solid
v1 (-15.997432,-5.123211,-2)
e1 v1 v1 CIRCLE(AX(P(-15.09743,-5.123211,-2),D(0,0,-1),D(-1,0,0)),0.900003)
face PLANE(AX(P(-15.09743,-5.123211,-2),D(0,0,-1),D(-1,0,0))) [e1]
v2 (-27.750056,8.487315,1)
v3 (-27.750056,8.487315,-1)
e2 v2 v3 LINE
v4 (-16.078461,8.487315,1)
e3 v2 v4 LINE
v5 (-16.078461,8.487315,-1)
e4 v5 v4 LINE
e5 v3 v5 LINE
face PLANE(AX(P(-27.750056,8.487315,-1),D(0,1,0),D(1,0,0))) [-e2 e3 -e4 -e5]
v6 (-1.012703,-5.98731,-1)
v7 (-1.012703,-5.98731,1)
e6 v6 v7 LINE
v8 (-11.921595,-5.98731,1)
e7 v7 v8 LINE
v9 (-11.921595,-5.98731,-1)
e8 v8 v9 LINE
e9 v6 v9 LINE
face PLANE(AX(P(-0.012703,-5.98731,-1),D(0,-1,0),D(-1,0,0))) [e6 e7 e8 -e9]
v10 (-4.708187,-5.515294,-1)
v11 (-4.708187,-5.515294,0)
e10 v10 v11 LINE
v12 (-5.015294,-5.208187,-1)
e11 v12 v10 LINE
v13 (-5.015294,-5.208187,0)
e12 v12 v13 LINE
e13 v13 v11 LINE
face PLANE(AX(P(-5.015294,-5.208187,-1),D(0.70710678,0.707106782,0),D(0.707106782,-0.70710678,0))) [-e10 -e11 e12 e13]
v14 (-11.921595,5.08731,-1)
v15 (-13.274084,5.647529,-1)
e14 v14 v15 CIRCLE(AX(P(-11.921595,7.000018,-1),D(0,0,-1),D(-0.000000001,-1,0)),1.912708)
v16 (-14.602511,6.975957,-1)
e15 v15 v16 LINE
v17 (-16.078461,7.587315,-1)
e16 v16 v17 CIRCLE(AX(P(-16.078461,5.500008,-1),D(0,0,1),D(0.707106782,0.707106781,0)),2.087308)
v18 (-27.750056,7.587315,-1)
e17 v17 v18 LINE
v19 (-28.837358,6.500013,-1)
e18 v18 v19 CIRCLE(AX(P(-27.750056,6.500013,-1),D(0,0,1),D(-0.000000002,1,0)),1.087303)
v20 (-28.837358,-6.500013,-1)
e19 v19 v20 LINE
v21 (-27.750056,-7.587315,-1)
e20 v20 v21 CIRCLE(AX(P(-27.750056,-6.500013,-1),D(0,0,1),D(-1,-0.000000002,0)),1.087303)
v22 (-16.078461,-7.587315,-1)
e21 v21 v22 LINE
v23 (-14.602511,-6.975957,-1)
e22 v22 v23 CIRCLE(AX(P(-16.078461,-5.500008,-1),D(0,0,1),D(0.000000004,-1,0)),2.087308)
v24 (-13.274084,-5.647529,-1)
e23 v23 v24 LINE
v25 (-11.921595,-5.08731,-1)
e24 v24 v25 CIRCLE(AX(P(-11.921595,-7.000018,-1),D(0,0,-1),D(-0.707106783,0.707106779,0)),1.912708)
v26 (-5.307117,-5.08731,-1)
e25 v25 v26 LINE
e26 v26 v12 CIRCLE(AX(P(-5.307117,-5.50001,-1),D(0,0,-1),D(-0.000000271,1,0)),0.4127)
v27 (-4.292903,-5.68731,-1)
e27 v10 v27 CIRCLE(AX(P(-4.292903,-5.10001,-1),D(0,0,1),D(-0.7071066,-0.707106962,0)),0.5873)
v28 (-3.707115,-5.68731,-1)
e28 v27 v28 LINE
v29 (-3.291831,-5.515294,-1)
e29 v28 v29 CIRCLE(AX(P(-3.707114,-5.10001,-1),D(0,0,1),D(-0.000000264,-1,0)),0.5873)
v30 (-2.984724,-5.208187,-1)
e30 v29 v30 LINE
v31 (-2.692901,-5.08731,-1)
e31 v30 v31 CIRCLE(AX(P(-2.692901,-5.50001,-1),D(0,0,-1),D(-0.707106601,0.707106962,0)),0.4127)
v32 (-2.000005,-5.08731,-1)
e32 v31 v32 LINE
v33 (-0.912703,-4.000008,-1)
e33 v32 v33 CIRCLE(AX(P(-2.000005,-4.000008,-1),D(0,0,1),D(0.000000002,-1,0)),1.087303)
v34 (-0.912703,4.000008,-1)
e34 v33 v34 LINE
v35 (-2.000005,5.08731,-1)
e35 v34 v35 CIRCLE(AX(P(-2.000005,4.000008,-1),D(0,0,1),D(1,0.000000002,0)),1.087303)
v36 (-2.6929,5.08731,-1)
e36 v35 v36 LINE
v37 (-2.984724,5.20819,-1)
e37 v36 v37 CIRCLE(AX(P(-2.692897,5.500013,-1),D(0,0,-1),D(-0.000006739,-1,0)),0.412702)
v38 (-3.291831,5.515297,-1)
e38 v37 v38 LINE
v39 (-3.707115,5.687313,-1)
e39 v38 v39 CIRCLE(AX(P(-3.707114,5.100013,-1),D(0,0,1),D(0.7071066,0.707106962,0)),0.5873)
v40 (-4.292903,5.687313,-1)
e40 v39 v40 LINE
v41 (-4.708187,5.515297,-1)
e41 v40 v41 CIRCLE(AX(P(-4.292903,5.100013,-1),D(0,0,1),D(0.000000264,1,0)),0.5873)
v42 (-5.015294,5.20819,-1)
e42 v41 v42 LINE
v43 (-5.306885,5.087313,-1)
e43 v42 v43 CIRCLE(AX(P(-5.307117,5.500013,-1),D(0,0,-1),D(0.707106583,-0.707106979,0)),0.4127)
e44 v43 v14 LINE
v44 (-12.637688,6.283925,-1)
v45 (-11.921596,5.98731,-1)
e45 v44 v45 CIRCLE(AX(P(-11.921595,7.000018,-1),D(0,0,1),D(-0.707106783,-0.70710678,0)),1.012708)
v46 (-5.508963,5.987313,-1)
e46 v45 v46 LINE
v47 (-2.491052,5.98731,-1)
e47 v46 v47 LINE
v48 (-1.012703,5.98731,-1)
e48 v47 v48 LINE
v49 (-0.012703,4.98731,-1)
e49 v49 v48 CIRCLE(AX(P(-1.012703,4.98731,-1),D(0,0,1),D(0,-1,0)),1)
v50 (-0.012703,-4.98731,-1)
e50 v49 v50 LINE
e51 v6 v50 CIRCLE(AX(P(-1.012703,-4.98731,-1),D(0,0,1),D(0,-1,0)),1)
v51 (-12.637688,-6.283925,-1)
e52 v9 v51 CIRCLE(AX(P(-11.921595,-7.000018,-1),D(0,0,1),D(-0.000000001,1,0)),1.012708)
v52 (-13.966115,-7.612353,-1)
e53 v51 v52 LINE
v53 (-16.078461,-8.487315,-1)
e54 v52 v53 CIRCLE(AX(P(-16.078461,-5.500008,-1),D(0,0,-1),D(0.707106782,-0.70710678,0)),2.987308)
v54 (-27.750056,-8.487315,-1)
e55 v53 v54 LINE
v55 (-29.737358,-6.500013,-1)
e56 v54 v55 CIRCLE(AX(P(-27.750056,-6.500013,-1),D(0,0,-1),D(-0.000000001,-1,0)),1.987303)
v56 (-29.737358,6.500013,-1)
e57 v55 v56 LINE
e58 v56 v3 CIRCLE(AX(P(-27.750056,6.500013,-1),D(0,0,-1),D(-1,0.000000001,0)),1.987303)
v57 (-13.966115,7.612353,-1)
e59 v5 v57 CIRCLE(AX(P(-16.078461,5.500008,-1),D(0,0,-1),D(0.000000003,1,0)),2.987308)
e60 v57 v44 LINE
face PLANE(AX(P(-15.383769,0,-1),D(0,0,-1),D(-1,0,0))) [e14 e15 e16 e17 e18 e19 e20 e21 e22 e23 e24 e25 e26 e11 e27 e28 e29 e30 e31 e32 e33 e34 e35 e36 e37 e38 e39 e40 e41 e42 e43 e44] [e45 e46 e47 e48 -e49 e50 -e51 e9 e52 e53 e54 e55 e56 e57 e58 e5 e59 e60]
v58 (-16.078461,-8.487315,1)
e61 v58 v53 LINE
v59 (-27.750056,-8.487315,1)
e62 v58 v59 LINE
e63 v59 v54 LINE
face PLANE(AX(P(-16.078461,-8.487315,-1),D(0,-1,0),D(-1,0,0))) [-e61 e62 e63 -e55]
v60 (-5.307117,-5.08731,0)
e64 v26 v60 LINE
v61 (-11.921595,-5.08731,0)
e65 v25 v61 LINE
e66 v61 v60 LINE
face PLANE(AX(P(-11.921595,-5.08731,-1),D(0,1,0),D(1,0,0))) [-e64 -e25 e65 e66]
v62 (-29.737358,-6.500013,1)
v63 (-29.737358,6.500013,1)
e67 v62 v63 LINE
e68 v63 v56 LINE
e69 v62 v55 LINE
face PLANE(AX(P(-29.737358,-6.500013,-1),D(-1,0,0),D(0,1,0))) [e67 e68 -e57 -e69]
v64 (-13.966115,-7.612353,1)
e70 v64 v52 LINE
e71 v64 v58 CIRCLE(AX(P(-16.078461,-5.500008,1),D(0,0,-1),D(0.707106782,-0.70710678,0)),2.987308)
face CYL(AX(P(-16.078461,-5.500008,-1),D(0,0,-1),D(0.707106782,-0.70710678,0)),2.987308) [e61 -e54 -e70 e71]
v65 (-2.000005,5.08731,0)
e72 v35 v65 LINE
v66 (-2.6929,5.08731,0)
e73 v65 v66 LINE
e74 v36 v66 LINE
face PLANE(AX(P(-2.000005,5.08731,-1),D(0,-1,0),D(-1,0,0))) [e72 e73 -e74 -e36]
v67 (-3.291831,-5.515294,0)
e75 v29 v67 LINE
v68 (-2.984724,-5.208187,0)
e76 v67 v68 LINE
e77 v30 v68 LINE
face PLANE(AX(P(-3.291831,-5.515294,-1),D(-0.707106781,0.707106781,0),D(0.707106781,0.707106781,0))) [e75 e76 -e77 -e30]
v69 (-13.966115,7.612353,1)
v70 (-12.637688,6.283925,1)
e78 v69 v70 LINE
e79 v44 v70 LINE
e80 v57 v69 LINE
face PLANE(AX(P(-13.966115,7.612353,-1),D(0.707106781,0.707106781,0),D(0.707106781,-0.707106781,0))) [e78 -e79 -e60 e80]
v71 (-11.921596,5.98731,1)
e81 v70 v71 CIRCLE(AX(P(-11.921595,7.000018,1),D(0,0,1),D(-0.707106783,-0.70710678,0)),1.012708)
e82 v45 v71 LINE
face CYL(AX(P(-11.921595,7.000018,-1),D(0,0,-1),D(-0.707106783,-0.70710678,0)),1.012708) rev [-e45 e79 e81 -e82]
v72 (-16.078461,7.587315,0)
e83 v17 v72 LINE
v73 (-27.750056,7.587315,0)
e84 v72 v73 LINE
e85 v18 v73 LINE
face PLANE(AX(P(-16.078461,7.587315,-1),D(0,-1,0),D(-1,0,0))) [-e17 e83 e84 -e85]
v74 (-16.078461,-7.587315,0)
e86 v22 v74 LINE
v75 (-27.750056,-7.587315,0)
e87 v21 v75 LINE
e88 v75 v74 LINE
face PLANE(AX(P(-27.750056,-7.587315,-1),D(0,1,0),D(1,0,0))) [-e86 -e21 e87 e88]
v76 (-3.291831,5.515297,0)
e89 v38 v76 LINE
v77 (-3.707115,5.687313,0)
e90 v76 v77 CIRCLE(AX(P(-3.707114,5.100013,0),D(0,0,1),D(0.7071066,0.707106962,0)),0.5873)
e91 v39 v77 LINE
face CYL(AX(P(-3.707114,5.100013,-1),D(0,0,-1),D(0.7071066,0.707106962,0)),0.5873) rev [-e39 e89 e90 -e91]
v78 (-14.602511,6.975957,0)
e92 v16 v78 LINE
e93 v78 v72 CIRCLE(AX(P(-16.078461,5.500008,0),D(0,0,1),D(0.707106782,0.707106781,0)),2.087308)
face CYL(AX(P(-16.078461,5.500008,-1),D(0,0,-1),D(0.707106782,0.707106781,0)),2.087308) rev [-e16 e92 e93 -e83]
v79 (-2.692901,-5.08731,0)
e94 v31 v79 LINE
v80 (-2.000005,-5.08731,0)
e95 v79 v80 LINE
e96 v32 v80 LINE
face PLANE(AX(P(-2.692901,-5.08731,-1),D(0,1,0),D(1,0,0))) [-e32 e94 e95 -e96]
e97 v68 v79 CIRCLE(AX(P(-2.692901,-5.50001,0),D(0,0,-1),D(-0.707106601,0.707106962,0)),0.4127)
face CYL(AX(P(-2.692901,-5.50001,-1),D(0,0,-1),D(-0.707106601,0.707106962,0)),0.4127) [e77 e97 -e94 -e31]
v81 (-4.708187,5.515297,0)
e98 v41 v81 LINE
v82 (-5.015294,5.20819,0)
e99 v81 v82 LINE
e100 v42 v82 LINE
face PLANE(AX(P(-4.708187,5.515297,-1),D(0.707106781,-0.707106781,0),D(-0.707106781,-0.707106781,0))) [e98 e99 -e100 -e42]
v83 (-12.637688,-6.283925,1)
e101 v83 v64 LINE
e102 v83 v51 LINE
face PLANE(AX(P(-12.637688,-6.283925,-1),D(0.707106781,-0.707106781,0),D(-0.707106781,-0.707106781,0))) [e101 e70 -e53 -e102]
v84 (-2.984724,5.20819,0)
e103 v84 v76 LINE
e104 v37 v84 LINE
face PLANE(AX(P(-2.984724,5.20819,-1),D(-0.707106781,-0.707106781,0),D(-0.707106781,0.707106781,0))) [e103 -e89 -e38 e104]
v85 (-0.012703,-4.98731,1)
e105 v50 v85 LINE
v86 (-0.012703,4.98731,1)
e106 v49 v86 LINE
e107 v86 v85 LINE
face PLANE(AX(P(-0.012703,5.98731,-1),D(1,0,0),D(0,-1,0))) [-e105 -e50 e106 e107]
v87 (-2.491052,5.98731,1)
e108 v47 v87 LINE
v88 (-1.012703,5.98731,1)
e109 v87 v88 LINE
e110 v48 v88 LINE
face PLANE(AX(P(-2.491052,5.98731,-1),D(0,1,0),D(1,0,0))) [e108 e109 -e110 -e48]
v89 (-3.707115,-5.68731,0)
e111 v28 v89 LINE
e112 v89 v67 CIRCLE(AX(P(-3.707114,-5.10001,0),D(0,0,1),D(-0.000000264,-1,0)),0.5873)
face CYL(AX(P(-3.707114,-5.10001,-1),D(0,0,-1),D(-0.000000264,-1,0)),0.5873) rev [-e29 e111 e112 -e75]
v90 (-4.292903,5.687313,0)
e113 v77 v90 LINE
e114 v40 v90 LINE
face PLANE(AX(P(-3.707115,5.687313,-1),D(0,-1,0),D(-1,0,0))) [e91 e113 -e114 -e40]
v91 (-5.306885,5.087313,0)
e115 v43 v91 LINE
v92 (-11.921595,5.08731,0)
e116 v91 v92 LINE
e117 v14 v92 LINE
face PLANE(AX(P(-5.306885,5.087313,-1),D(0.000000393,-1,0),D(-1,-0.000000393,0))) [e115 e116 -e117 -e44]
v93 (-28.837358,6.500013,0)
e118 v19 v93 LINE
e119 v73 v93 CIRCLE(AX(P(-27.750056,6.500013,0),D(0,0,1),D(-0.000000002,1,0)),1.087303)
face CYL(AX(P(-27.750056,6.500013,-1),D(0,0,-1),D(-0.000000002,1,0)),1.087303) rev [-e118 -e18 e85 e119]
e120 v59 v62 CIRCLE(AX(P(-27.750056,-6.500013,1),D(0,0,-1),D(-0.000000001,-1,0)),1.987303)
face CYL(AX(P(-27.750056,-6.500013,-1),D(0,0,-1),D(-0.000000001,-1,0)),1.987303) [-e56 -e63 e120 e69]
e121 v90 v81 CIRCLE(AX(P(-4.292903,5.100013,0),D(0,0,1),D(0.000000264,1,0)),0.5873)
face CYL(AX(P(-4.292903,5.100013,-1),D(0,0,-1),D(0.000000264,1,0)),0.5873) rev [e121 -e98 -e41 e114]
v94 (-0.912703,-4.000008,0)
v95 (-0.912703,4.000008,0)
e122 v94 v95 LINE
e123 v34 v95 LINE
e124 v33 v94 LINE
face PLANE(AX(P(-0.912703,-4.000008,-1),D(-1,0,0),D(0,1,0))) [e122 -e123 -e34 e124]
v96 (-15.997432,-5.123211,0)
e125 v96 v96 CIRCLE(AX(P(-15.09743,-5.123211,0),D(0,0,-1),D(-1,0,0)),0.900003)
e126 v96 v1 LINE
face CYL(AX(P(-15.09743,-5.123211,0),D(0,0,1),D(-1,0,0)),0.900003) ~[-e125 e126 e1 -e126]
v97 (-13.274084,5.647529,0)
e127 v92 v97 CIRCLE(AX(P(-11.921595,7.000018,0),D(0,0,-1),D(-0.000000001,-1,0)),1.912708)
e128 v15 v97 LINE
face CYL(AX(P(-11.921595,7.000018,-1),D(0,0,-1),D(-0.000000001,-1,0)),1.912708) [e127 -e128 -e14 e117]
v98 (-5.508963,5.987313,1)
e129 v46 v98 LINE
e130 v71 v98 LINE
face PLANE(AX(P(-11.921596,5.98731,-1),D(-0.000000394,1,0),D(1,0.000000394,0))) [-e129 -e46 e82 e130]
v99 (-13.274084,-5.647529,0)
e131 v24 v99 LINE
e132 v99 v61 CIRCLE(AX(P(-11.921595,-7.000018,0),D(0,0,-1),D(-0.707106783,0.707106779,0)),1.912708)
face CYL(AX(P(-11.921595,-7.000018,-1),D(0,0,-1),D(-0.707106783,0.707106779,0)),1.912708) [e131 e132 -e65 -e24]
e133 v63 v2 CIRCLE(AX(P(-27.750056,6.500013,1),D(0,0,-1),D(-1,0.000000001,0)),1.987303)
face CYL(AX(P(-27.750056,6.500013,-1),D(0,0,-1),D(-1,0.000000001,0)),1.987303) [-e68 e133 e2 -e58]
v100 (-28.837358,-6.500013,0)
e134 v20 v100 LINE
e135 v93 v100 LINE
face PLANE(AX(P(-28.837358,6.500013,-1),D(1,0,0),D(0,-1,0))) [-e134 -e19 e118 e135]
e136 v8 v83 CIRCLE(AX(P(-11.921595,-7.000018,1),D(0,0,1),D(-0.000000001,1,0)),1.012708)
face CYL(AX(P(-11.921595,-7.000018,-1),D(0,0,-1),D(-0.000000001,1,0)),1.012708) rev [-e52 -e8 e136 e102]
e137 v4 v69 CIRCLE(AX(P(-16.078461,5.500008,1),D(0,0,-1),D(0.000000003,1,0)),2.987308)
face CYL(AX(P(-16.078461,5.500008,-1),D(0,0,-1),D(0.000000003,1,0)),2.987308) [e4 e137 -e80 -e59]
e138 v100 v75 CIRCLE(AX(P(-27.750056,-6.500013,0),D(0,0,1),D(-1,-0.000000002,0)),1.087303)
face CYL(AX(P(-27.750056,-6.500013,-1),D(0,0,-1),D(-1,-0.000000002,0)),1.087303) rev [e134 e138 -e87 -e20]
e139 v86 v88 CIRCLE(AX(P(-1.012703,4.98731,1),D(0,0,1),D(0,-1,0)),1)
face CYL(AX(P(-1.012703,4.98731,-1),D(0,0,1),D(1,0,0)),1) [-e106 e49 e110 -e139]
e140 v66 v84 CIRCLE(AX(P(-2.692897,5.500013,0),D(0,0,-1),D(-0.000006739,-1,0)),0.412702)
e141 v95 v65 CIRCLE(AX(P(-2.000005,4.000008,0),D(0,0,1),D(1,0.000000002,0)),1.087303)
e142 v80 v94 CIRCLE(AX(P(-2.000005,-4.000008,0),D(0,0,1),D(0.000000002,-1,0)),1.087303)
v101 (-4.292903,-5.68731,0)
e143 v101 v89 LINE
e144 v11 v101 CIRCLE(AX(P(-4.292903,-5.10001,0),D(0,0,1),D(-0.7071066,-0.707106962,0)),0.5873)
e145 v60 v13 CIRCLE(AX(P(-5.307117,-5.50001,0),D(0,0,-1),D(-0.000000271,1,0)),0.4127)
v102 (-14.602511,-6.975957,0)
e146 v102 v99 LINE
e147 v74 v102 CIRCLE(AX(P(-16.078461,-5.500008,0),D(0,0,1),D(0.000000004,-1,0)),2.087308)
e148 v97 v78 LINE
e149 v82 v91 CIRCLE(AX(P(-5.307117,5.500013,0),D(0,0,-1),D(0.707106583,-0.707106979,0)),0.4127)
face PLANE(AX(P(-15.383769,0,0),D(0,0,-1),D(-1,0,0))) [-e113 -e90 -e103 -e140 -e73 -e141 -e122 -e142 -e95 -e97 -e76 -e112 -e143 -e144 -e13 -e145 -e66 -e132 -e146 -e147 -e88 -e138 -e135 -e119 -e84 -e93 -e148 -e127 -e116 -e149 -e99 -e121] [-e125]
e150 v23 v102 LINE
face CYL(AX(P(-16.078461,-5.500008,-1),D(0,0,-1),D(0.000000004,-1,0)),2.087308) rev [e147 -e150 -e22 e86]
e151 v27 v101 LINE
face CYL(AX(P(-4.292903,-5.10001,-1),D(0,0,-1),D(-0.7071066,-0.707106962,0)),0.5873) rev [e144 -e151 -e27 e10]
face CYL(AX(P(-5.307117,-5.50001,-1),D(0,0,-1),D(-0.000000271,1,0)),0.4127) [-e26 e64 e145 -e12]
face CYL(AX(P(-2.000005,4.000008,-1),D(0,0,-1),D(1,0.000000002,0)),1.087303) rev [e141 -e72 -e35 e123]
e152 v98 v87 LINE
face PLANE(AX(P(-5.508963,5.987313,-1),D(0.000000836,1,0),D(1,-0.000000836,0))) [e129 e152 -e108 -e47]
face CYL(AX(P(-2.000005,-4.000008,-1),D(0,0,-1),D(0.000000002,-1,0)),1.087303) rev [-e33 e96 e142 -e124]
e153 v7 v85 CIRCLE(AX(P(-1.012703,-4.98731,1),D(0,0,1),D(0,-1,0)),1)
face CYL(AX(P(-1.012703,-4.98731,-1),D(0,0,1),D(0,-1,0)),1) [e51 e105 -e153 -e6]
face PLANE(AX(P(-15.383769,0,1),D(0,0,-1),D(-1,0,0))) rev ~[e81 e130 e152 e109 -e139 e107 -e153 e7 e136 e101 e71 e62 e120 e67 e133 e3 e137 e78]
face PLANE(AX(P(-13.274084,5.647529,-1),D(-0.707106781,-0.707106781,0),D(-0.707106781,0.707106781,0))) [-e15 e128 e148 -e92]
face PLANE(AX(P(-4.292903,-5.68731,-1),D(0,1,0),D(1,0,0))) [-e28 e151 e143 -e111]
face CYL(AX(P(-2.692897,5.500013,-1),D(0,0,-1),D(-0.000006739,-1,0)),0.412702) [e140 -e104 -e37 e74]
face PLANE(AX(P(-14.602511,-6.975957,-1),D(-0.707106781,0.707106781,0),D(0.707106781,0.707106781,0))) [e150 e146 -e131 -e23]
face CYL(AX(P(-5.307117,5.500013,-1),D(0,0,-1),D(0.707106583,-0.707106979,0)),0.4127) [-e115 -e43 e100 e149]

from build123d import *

# Parameters (mm, degrees)
EXTRUDE_1_DEPTH = 1
EXTRUDE_START   = 1
EXTRUDE_2_DEPTH = 1
EXTRUDE_3_DEPTH = 2
FILLET_1_R      = 1


with BuildPart() as part:
    # 草图1 → 凸台-拉伸1 (new body)
    with BuildSketch(Plane.XY):
        with BuildLine():
            ThreePointArc((-11.921595121, -5.987310135), (-12.309141559, -6.064397915), (-12.637687565, -6.283925339))
            Line((-12.637687565, -6.283925339), (-13.9661153, -7.612353074))
            ThreePointArc((-13.9661153, -7.612353074), (-14.935267633, -8.259919962), (-16.078460757, -8.487315215))
            Line((-16.078460757, -8.487315215), (-27.75005588, -8.487315215))
            ThreePointArc((-27.75005588, -8.487315215), (-29.155290964, -7.905247784), (-29.737358395, -6.5000127))
            Line((-29.737358395, -6.5000127), (-29.737358395, 6.5000127))
            ThreePointArc((-29.737358395, 6.5000127), (-29.155290964, 7.905247784), (-27.75005588, 8.487315215))
            Line((-27.75005588, 8.487315215), (-16.078460755, 8.487315215))
            ThreePointArc((-16.078460755, 8.487315215), (-14.935267633, 8.259919962), (-13.966115301, 7.612353076))
            Line((-13.966115301, 7.612353076), (-12.637687563, 6.283925337))
            ThreePointArc((-12.637687563, 6.283925337), (-12.309141741, 6.06439799), (-11.921595517, 5.987310135))
            Line((-11.921595517, 5.987310135), (-5.508963215, 5.987312659))
            Line((-5.508963215, 5.987312659), (-2.49105204, 5.987310135))
            Line((-2.49105204, 5.987310135), (-2.00000508, 5.987310135))
            Line((-2.00000508, 5.987310135), (-0.012702565, 5.987310135))
            Line((-0.012702565, 5.987310135), (-0.012702565, 4.00000762))
            Line((-0.012702565, 4.00000762), (-0.012702565, -4.00000762))
            Line((-0.012702565, -4.00000762), (-0.012702565, -5.987310135))
            Line((-0.012702565, -5.987310135), (-2.00000508, -5.987310135))
            Line((-2.00000508, -5.987310135), (-2.49105458, -5.987310135))
            Line((-2.49105458, -5.987310135), (-5.5089632, -5.987310135))
            Line((-5.5089632, -5.987310135), (-11.921595121, -5.987310135))
        make_face()
    extrude(amount=EXTRUDE_1_DEPTH)

    # 草图2 → 凸台-拉伸2 (add)
    with BuildSketch(Plane(origin=(0, 0, 0), x_dir=(-1, 0, 0), z_dir=(0, 0, -1)).offset(EXTRUDE_START)):
        with BuildLine():
            Line((0.012702565, -5.987310135), (11.921595121, -5.987310135))
            ThreePointArc((11.921595121, -5.987310135), (12.309141559, -6.064397915), (12.637687565, -6.283925339))
            Line((12.637687565, -6.283925339), (13.9661153, -7.612353074))
            ThreePointArc((13.9661153, -7.612353074), (14.935267633, -8.259919962), (16.078460757, -8.487315215))
            Line((16.078460757, -8.487315215), (27.75005588, -8.487315215))
            ThreePointArc((27.75005588, -8.487315215), (29.155290964, -7.905247784), (29.737358395, -6.5000127))
            Line((29.737358395, -6.5000127), (29.737358395, 6.5000127))
            ThreePointArc((29.737358395, 6.5000127), (29.155290964, 7.905247784), (27.75005588, 8.487315215))
            Line((27.75005588, 8.487315215), (16.078460755, 8.487315215))
            ThreePointArc((16.078460755, 8.487315215), (14.935267633, 8.259919962), (13.966115301, 7.612353076))
            Line((13.966115301, 7.612353076), (12.637687563, 6.283925337))
            ThreePointArc((12.637687563, 6.283925337), (12.309141741, 6.06439799), (11.921595517, 5.987310135))
            Line((11.921595517, 5.987310135), (5.508963215, 5.987312659))
            Line((5.508963215, 5.987312659), (2.49105204, 5.987310135))
            Line((2.49105204, 5.987310135), (0.012702565, 5.987310135))
            Line((0.012702565, 5.987310135), (0.012702565, -5.987310135))
        make_face()
        with BuildLine():
            Line((0.912702565, -4.00000762), (0.912702565, 4.00000762))
            ThreePointArc((0.912702565, 4.00000762), (1.231166099, 4.768846601), (2.00000508, 5.087310135))
            Line((2.00000508, 5.087310135), (2.692900097, 5.087310135))
            ThreePointArc((2.692900097, 5.087310135), (2.850834155, 5.118726257), (2.984723794, 5.208189682))
            Line((2.984723794, 5.208189682), (3.291830699, 5.515296587))
            ThreePointArc((3.291830699, 5.515296587), (3.482364562, 5.642607176), (3.707114551, 5.687312675))
            Line((3.707114551, 5.687312675), (4.292903203, 5.687312675))
            ThreePointArc((4.292903203, 5.687312675), (4.517653218, 5.642607176), (4.708187099, 5.515296569))
            Line((4.708187099, 5.515296569), (5.015294015, 5.208189653))
            ThreePointArc((5.015294015, 5.208189653), (5.149076381, 5.118771977), (5.306884994, 5.087312733))
            Line((5.306884994, 5.087312733), (11.921595123, 5.087310135))
            ThreePointArc((11.921595123, 5.087310135), (12.653556649, 5.232906336), (13.274083668, 5.647529236))
            Line((13.274083668, 5.647529236), (14.602511404, 6.975956972))
            ThreePointArc((14.602511404, 6.975956972), (15.279682723, 7.428428383), (16.078460757, 7.587315215))
            Line((16.078460757, 7.587315215), (27.75005588, 7.587315215))
            ThreePointArc((27.75005588, 7.587315215), (28.518894861, 7.268851681), (28.837358395, 6.5000127))
            Line((28.837358395, 6.5000127), (28.837358395, -6.5000127))
            ThreePointArc((28.837358395, -6.5000127), (28.518894861, -7.268851681), (27.75005588, -7.587315215))
            Line((27.75005588, -7.587315215), (16.078460757, -7.587315215))
            ThreePointArc((16.078460757, -7.587315215), (15.279682723, -7.428428383), (14.602511404, -6.975956973))
            Line((14.602511404, -6.975956973), (13.274083667, -5.647529236))
            ThreePointArc((13.274083667, -5.647529236), (12.653556649, -5.232906336), (11.921595123, -5.087310135))
            Line((11.921595123, -5.087310135), (5.307117071, -5.087310135))
            ThreePointArc((5.307117071, -5.087310135), (5.149183592, -5.118725011), (5.015294034, -5.208187095))
            Line((5.015294034, -5.208187095), (4.708187081, -5.515294047))
            ThreePointArc((4.708187081, -5.515294047), (4.517653218, -5.642604636), (4.292903229, -5.687310135))
            Line((4.292903229, -5.687310135), (3.707114577, -5.687310135))
            ThreePointArc((3.707114577, -5.687310135), (3.482364562, -5.642604636), (3.291830681, -5.515294029))
            Line((3.291830681, -5.515294029), (2.984723765, -5.208187113))
            ThreePointArc((2.984723765, -5.208187113), (2.850834188, -5.118725011), (2.692900682, -5.087310135))
            Line((2.692900682, -5.087310135), (2.00000508, -5.087310135))
            ThreePointArc((2.00000508, -5.087310135), (1.231166099, -4.768846601), (0.912702565, -4.00000762))
        make_face(mode=Mode.SUBTRACT)
    extrude(amount=-EXTRUDE_2_DEPTH)

    # 草图2<4> → 凸台-拉伸3 (add)
    with BuildSketch(Plane(origin=(0, 0, 0), x_dir=(-1, 0, 0), z_dir=(0, 0, -1))):
        with BuildLine():
            ThreePointArc((14.197426975, -5.123210566), (15.097429515, -6.023213106), (15.997432055, -5.123210566))
            ThreePointArc((15.997432055, -5.123210566), (15.097429515, -4.223208026), (14.197426975, -5.123210566))
        make_face()
    extrude(amount=EXTRUDE_3_DEPTH)

    # 圆角1
    fillet_1_edges = [part.edges().sort_by_distance(p)[0] for p in [
        (-0.012702565, 5.987310135, 0),
        (-0.012702565, -5.987310135, 0),
    ]]
    fillet(fillet_1_edges, radius=FILLET_1_R)


solid = part.part
